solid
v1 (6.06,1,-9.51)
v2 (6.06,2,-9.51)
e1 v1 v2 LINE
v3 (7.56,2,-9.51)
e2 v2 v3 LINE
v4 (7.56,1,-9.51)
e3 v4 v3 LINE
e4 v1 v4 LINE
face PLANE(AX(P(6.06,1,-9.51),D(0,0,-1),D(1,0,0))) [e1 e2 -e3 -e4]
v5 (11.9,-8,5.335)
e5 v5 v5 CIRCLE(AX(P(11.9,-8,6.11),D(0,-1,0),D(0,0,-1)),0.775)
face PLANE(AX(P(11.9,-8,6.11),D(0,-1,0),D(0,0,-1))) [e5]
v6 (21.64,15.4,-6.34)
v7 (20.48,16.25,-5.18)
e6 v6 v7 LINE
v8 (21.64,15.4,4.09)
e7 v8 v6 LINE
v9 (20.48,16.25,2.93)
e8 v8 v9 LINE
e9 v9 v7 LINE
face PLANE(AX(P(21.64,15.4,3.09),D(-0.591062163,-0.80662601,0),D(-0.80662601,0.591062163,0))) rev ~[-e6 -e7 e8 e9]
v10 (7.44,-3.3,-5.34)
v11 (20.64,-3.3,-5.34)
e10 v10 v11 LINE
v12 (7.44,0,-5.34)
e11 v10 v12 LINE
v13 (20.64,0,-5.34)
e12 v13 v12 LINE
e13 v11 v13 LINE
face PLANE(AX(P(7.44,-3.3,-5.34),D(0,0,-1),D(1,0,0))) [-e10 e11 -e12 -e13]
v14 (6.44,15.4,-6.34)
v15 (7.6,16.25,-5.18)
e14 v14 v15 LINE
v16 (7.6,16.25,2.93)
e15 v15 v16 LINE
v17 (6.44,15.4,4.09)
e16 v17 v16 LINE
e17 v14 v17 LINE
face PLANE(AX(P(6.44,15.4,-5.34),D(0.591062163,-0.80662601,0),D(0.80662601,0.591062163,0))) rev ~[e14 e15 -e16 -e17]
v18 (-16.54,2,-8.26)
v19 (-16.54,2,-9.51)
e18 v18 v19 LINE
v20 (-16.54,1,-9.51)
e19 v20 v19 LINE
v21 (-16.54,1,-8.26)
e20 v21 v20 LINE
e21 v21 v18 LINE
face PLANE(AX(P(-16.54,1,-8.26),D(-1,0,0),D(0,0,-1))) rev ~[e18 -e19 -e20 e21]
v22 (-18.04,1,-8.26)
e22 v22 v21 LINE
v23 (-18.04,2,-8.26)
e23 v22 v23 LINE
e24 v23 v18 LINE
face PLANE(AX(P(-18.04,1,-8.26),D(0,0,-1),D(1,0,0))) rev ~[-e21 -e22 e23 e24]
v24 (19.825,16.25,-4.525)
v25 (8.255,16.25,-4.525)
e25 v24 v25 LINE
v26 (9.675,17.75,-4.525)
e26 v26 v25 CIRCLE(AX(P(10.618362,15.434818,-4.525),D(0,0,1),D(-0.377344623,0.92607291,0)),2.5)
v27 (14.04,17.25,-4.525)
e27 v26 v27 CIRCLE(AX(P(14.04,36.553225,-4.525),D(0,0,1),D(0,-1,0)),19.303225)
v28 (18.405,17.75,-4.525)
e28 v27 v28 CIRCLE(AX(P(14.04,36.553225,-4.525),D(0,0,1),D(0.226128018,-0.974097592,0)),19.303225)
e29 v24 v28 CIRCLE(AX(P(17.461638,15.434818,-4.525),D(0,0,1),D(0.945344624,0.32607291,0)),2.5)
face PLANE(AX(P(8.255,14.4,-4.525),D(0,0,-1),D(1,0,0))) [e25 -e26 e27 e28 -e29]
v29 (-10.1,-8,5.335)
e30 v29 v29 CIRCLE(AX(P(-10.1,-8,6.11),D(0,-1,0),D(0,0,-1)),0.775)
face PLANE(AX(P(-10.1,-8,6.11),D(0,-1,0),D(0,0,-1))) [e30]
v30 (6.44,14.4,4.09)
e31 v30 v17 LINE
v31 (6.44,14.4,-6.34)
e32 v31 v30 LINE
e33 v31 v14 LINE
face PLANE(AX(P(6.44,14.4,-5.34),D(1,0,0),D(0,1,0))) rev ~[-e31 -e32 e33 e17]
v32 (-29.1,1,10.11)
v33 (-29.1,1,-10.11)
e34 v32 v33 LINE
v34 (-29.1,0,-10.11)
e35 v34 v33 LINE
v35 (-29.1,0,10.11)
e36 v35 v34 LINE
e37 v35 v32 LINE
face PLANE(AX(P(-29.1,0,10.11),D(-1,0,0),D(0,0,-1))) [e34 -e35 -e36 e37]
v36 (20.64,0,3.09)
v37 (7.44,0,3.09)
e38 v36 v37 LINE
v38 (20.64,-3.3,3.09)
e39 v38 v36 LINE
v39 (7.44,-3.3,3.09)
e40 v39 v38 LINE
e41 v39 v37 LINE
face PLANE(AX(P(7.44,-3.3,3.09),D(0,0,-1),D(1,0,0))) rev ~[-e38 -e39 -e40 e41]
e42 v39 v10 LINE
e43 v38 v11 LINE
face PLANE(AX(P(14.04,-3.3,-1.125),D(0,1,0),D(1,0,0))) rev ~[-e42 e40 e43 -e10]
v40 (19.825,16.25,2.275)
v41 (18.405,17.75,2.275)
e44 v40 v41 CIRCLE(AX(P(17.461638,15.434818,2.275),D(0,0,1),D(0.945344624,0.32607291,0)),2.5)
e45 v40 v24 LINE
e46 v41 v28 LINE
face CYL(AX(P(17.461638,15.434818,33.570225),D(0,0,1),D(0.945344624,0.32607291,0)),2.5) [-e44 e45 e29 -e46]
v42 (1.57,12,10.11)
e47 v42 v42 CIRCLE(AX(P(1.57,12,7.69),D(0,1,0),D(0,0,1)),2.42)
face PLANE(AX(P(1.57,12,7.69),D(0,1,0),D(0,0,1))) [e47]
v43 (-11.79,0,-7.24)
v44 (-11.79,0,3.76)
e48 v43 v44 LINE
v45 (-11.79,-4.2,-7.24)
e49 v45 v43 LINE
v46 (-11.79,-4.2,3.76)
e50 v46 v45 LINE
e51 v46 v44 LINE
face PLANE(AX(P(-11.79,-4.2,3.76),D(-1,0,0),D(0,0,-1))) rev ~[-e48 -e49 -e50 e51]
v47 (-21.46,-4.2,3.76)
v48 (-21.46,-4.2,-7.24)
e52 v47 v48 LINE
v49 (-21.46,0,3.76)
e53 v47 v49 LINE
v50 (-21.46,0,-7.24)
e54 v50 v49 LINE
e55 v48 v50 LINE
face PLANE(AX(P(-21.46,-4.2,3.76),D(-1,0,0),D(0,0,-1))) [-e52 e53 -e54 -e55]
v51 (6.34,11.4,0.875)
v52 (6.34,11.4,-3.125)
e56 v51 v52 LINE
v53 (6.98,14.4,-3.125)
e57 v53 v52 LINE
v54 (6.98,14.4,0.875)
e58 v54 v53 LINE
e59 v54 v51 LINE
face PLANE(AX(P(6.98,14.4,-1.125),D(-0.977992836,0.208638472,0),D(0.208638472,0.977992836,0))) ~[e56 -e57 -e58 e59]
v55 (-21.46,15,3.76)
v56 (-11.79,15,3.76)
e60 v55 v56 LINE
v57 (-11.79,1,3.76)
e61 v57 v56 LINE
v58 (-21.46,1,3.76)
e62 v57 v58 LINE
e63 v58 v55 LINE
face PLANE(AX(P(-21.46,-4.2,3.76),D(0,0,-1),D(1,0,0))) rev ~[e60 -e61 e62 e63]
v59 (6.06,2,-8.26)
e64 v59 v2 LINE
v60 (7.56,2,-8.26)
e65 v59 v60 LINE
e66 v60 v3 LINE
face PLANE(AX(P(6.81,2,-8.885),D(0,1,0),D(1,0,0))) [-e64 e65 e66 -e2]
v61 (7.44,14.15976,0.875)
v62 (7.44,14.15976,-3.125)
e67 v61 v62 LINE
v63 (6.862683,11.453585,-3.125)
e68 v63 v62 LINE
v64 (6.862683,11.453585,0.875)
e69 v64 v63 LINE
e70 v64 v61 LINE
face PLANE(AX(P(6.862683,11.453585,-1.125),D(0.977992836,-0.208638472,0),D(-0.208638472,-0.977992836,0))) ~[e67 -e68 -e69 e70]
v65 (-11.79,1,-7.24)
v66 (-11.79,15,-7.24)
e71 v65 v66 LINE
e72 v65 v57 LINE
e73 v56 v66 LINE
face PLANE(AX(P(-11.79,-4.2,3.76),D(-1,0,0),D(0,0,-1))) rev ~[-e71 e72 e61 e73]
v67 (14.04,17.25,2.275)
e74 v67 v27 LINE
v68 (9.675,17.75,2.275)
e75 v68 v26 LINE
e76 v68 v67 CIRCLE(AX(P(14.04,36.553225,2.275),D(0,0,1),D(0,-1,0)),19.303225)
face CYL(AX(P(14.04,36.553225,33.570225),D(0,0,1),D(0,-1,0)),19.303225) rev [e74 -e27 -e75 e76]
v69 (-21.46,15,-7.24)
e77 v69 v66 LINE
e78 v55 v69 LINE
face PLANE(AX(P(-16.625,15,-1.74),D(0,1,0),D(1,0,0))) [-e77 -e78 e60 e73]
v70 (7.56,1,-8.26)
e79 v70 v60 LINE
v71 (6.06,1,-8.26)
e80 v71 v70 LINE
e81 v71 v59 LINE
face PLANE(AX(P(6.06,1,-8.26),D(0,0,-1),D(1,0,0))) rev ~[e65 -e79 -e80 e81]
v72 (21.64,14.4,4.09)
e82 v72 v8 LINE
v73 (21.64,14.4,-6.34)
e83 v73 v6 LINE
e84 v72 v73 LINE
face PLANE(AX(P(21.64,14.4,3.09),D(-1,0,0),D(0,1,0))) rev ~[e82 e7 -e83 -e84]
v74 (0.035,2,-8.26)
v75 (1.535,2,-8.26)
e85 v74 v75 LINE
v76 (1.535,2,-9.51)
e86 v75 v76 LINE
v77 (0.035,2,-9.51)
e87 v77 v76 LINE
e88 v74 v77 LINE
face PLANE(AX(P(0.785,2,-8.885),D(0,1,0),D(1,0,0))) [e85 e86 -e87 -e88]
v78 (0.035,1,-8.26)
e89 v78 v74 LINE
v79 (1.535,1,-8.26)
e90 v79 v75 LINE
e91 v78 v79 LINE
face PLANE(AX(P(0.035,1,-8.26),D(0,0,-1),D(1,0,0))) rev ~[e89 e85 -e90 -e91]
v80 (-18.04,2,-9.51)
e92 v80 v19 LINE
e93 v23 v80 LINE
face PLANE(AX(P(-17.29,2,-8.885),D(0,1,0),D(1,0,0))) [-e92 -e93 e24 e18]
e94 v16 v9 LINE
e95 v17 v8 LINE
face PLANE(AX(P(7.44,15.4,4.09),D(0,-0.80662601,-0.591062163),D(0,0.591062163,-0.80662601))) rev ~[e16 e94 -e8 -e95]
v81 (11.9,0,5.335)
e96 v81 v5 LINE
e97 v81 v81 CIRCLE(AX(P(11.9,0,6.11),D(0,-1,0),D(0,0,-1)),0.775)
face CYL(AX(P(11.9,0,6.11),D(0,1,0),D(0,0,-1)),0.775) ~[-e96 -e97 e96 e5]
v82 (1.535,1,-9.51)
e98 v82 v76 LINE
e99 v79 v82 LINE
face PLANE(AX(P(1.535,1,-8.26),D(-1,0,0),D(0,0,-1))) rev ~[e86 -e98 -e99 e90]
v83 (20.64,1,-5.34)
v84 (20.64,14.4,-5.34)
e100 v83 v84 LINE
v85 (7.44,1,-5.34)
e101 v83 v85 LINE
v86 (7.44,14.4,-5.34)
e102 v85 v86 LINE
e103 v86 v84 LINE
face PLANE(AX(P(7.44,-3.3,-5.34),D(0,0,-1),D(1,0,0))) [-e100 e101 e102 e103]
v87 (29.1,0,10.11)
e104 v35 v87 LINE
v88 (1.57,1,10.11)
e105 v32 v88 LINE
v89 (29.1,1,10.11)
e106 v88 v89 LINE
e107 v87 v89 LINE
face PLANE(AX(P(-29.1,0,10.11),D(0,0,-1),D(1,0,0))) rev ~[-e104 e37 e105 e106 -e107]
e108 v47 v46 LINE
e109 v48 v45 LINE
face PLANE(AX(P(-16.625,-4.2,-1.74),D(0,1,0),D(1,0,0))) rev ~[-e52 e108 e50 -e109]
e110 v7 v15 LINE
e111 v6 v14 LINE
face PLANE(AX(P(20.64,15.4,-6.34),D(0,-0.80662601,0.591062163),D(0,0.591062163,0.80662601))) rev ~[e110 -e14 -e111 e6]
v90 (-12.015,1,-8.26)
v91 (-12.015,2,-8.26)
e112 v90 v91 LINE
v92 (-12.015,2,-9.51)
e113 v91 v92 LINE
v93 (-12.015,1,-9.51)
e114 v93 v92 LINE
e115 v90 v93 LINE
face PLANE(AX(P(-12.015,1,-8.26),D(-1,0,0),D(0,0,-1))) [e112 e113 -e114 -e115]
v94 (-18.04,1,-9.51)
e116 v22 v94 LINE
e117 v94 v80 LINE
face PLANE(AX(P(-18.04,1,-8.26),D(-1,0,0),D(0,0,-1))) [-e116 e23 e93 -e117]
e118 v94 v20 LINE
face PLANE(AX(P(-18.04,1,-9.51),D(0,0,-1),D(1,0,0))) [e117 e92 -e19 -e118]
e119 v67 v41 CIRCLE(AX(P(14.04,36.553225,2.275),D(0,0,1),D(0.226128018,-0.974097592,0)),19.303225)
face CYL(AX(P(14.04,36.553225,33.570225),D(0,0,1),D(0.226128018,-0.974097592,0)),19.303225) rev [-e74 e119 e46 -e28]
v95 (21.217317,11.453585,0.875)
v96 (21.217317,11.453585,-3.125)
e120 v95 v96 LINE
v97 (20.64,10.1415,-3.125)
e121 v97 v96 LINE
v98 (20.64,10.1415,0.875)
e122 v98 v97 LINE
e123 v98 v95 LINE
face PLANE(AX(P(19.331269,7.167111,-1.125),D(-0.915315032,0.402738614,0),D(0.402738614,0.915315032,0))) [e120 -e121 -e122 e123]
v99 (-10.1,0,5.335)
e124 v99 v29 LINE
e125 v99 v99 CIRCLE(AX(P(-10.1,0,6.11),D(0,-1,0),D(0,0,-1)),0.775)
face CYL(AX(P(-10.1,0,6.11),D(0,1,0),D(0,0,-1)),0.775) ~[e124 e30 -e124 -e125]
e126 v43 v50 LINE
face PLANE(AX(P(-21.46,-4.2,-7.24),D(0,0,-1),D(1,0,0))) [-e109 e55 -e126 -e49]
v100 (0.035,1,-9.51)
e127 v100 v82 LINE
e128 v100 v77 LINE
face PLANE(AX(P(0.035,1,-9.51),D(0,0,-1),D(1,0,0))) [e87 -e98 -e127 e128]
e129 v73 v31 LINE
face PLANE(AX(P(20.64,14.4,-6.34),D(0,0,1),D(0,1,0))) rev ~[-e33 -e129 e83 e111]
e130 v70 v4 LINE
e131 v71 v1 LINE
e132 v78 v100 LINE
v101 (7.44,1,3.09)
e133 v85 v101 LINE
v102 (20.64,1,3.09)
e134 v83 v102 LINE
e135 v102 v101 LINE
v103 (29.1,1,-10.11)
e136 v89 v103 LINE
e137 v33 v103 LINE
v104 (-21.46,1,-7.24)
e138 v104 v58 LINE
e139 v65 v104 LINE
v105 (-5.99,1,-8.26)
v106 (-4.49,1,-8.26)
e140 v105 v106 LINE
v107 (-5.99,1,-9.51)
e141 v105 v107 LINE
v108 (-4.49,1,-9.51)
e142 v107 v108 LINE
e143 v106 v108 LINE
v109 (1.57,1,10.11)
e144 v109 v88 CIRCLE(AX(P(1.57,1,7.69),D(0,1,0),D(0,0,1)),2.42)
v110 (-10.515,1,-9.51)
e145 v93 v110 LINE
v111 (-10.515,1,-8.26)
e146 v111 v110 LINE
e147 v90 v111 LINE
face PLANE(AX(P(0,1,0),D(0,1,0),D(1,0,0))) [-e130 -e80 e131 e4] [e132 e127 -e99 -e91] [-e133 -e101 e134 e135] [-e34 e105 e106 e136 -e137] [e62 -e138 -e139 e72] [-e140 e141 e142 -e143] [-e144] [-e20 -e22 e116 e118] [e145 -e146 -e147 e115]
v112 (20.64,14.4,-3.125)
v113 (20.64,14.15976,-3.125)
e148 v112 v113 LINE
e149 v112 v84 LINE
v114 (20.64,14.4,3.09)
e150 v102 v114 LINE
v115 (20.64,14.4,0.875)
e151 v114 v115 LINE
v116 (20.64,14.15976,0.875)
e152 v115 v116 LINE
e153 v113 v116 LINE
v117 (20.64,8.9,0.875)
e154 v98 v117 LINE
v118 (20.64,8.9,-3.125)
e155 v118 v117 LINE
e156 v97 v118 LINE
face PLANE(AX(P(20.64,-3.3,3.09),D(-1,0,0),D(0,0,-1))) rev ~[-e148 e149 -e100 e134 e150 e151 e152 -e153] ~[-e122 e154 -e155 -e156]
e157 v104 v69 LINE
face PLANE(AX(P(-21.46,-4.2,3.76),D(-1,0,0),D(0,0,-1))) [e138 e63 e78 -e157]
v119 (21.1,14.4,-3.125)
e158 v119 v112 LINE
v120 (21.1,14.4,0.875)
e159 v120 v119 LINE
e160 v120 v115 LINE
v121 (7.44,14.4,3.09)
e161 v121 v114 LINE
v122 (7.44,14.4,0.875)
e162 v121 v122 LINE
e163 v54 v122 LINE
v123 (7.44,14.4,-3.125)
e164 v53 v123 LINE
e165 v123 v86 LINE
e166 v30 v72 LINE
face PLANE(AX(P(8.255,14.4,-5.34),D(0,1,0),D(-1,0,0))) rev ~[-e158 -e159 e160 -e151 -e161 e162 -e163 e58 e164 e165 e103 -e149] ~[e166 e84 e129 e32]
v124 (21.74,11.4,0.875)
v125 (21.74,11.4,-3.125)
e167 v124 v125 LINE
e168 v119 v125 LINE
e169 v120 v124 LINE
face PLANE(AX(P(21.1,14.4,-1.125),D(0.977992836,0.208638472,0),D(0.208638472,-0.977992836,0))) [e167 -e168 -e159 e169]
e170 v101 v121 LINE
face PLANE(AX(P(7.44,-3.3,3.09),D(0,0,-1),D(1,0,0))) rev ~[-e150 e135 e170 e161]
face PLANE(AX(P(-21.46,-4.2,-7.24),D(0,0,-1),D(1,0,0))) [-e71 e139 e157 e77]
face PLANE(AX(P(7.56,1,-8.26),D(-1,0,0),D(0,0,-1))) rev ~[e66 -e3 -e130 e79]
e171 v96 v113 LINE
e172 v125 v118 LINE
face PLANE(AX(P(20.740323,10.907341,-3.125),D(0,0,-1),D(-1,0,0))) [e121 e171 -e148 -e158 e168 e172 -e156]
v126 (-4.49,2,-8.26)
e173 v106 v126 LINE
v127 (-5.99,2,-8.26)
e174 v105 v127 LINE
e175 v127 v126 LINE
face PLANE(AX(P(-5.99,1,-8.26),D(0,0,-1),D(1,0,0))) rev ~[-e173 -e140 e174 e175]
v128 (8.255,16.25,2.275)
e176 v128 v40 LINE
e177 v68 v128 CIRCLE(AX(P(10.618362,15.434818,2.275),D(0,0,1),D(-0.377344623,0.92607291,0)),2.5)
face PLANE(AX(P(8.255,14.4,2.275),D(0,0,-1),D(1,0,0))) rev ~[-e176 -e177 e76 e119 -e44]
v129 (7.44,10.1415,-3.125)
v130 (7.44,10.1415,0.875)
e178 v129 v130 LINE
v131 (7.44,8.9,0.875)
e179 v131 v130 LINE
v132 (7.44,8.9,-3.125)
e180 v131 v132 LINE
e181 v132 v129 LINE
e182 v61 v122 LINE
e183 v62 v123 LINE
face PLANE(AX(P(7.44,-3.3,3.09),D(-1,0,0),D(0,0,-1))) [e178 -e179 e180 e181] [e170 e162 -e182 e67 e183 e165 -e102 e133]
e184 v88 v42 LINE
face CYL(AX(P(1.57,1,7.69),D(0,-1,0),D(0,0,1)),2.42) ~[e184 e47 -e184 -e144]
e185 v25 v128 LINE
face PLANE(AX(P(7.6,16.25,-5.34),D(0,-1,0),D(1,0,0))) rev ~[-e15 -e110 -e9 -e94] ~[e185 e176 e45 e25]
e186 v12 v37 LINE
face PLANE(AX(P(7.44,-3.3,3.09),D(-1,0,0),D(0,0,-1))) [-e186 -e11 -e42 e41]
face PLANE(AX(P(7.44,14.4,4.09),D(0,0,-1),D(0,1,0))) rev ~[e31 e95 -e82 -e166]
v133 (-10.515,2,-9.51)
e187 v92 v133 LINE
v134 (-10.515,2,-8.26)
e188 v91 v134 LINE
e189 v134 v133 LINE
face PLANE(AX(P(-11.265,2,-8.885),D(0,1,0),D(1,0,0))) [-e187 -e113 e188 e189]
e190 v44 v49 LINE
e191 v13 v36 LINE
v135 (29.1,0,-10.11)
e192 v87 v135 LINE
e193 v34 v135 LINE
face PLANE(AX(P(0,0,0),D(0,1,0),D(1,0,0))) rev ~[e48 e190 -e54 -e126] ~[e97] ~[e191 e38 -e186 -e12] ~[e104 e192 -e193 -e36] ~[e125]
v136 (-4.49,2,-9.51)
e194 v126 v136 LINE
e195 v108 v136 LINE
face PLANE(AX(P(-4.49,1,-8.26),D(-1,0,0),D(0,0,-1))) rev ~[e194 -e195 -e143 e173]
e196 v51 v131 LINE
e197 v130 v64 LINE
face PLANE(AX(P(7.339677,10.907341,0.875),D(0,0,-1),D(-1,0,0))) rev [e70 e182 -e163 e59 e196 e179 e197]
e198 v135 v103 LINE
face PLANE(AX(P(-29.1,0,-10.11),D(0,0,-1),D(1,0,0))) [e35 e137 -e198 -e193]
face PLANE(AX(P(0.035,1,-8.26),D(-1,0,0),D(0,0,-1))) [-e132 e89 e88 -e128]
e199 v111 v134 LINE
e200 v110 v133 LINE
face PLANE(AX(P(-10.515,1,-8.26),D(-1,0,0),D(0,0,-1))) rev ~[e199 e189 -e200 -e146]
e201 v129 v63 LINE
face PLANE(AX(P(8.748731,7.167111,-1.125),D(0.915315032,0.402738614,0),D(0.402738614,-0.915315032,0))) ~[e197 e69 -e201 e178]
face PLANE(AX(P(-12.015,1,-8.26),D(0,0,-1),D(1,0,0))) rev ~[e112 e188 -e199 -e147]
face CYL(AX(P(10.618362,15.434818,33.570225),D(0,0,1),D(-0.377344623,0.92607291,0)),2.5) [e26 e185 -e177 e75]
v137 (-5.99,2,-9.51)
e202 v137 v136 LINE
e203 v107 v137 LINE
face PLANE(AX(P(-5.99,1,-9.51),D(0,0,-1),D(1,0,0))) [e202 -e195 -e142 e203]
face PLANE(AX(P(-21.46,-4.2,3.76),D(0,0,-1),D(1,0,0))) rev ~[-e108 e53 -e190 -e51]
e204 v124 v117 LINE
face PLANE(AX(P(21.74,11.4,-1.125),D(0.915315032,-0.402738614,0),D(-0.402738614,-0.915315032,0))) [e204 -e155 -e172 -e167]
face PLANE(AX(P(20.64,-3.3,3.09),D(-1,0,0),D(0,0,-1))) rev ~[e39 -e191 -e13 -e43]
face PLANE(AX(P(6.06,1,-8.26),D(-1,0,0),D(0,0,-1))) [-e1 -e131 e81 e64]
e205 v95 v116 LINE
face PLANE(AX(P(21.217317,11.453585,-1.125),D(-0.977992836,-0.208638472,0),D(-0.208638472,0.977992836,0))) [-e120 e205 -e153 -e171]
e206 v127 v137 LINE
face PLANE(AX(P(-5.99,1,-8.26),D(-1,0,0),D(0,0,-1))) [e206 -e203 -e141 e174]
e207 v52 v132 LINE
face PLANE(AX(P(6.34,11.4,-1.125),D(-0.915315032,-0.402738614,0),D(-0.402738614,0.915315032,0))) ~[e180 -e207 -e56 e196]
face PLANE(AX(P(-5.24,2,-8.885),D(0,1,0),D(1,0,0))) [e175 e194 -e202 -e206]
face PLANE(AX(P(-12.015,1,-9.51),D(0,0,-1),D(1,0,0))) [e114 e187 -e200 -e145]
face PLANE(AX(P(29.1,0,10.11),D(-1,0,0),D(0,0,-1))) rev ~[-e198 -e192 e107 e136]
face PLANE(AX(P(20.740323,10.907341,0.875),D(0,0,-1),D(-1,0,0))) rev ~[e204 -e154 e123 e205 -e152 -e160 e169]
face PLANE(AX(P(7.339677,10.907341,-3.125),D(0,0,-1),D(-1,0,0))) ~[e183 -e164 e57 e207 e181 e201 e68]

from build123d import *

# Parameters (mm, degrees)
SKETCH1_W                = 58.2
SKETCH1_H                = 20.22
BOSS_EXTRUDE1_DEPTH      = 1
BOSS_EXTRUDE2_DEPTH      = 14
BOSS_EXTRUDE2_DEPTH_BACK = 5.2
SKETCH2_W                = 9.67
SKETCH2_H                = 11
SKETCH3_R                = 2.42
BOSS_EXTRUDE3_DEPTH      = 11
BOSS_EXTRUDE4_DEPTH      = 13.4
BOSS_EXTRUDE4_DEPTH_BACK = 4.3
SKETCH4_W                = 13.2
SKETCH4_H                = 8.43
SKETCH7_W                = 11.57
SKETCH7_H                = 6.8
BOSS_EXTRUDE5_DEPTH      = 3.35
CUT_EXTRUDE1_DEPTH       = 38.095225097
CUT_EXTRUDE1_DEPTH_BACK  = 38.095225097
EXTRUDE_THIN2_DEPTH      = 2
SKETCH10_R               = 0.775
BOSS_EXTRUDE6_DEPTH      = 8
SKETCH12_W               = 1.5
SKETCH12_H               = 1.25
BOSS_EXTRUDE7_DEPTH      = 1


with BuildPart() as part:
    # Sketch1 → Boss-Extrude1 (new body)
    with BuildSketch(Plane(origin=(0, 0, 0), x_dir=(1, 0, 0), z_dir=(0, 1, 0))):
        Rectangle(SKETCH1_W, SKETCH1_H)
    extrude(amount=BOSS_EXTRUDE1_DEPTH)

    # Sketch2 → Boss-Extrude2 (add, two sides: drawn at the far end of the back side and taken through both)
    with BuildSketch(Plane(origin=(0, 1, 0), x_dir=(1, 0, 0), z_dir=(0, 1, 0)).offset(-BOSS_EXTRUDE2_DEPTH_BACK)):
        with Locations((-16.625, 1.74)):
            Rectangle(SKETCH2_W, SKETCH2_H)
    extrude(amount=BOSS_EXTRUDE2_DEPTH + BOSS_EXTRUDE2_DEPTH_BACK)

    # Sketch3 → Boss-Extrude3 (add)
    with BuildSketch(Plane(origin=(0, 1, 0), x_dir=(1, 0, 0), z_dir=(0, 1, 0))):
        with Locations(Location((1.57, -7.69, 0), (0, 0, 270))):
            Circle(SKETCH3_R)
    extrude(amount=BOSS_EXTRUDE3_DEPTH)

    # Sketch4 → Boss-Extrude4 (add, two sides: drawn at the far end of the back side and taken through both)
    with BuildSketch(Plane(origin=(0, 1, 0), x_dir=(1, 0, 0), z_dir=(0, 1, 0)).offset(-BOSS_EXTRUDE4_DEPTH_BACK)):
        with Locations((14.04, 1.125)):
            Rectangle(SKETCH4_W, SKETCH4_H)
    extrude(amount=BOSS_EXTRUDE4_DEPTH + BOSS_EXTRUDE4_DEPTH_BACK)

    # Sweep1: sweep along a path in Sketch6
    with BuildLine(Plane(origin=(0, 14.4, 0), x_dir=(1, 0, 0), z_dir=(0, 1, 0))) as sweep1_path:
        Line((7.44, 5.34), (7.44, -3.09))
        Line((7.44, -3.09), (20.64, -3.09))
        Line((20.64, -3.09), (20.64, 5.34))
        Line((20.64, 5.34), (7.44, 5.34))
    # Sketch5 → Sweep1 (sweep)
    with BuildSketch(Plane.ZY.offset(-7.44)):
        Polygon((3.09, 14.4), (4.09, 14.4), (4.09, 15.4), (2.93, 16.25), (2.275, 16.25), (2.275, 14.4), align=None)
    sweep(path=sweep1_path.line, transition=Transition.RIGHT)

    # Sketch7 → Boss-Extrude5 (add)
    with BuildSketch(Plane(origin=(0, 14.4, 0), x_dir=(1, 0, 0), z_dir=(0, 1, 0))):
        with Locations((14.04, 1.125)):
            Rectangle(SKETCH7_W, SKETCH7_H)
    extrude(amount=BOSS_EXTRUDE5_DEPTH)

    # Sketch8 → Cut-Extrude1 (cut, two sides: drawn at the far end of the back side and taken through both)
    with BuildSketch(Plane(origin=(0, 0, -4.525), x_dir=(-1, 0, 0), z_dir=(0, 0, -1)).offset(-CUT_EXTRUDE1_DEPTH_BACK)):
        with BuildLine():
            ThreePointArc((-19.825, 16.25), (-19.277156121, 17.153507794), (-18.405, 17.75))
            Line((-18.405, 17.75), (-19.825, 17.75))
            Line((-19.825, 17.75), (-19.825, 16.25))
        make_face()
        with BuildLine():
            ThreePointArc((-18.405, 17.75), (-16.236771779, 17.375407367), (-14.04, 17.25))
            Line((-14.04, 17.25), (-14.04, 17.75))
            Line((-14.04, 17.75), (-18.405, 17.75))
        make_face()
        with BuildLine():
            Line((-14.04, 17.75), (-14.04, 17.25))
            ThreePointArc((-14.04, 17.25), (-11.843228221, 17.375407367), (-9.675, 17.75))
            Line((-9.675, 17.75), (-14.04, 17.75))
        make_face()
        with BuildLine():
            Line((-8.255, 17.75), (-9.675, 17.75))
            ThreePointArc((-9.675, 17.75), (-8.802843879, 17.153507794), (-8.255, 16.25))
            Line((-8.255, 16.25), (-8.255, 17.75))
        make_face()
    extrude(amount=CUT_EXTRUDE1_DEPTH + CUT_EXTRUDE1_DEPTH_BACK, mode=Mode.SUBTRACT)

    # Sketch9 → Extrude-Thin2 (add, symmetric)
    with BuildSketch(Plane(origin=(0, 0, -1.125), x_dir=(-1, 0, 0), z_dir=(0, 0, -1))):
        Polygon((-20.988853725, 14.920998164), (-21.1, 14.4), (-21.74, 11.4), (-19.788926462, 6.965741958), (-19.331268945, 7.167111265), (-21.217317359, 11.453584933), (-20.611003582, 14.295680764), (-20.499857307, 14.816678928), align=None)
    extrude_thin2 = extrude(amount=EXTRUDE_THIN2_DEPTH, both=True)

    # Mirror1: Extrude-Thin2 across plane
    add(extrude_thin2.mirror(Plane(origin=(14.04, 0, 0), x_dir=(0, 0, 1), z_dir=(1, 0, 0))))

    # Sketch10 → Boss-Extrude6 (add)
    with BuildSketch(Plane.XZ):
        with Locations(Location((-10.1, 6.11, 0), (0, 0, 270))):
            Circle(SKETCH10_R)
        with Locations(Location((11.9, 6.11, 0), (0, 0, 270))):
            Circle(SKETCH10_R)
    extrude(amount=BOSS_EXTRUDE6_DEPTH)

    # Sketch12 → Boss-Extrude7 (add)
    with BuildSketch(Plane(origin=(0, 1, 0), x_dir=(1, 0, 0), z_dir=(0, 1, 0))):
        with Locations((-17.29, 8.885)):
            Rectangle(SKETCH12_W, SKETCH12_H)
        with Locations((-11.265, 8.885)):
            Rectangle(SKETCH12_W, SKETCH12_H)
        with Locations((-5.24, 8.885)):
            Rectangle(SKETCH12_W, SKETCH12_H)
        with Locations((0.785, 8.885)):
            Rectangle(SKETCH12_W, SKETCH12_H)
        with Locations((6.81, 8.885)):
            Rectangle(SKETCH12_W, SKETCH12_H)
    extrude(amount=BOSS_EXTRUDE7_DEPTH)


solid = part.part
